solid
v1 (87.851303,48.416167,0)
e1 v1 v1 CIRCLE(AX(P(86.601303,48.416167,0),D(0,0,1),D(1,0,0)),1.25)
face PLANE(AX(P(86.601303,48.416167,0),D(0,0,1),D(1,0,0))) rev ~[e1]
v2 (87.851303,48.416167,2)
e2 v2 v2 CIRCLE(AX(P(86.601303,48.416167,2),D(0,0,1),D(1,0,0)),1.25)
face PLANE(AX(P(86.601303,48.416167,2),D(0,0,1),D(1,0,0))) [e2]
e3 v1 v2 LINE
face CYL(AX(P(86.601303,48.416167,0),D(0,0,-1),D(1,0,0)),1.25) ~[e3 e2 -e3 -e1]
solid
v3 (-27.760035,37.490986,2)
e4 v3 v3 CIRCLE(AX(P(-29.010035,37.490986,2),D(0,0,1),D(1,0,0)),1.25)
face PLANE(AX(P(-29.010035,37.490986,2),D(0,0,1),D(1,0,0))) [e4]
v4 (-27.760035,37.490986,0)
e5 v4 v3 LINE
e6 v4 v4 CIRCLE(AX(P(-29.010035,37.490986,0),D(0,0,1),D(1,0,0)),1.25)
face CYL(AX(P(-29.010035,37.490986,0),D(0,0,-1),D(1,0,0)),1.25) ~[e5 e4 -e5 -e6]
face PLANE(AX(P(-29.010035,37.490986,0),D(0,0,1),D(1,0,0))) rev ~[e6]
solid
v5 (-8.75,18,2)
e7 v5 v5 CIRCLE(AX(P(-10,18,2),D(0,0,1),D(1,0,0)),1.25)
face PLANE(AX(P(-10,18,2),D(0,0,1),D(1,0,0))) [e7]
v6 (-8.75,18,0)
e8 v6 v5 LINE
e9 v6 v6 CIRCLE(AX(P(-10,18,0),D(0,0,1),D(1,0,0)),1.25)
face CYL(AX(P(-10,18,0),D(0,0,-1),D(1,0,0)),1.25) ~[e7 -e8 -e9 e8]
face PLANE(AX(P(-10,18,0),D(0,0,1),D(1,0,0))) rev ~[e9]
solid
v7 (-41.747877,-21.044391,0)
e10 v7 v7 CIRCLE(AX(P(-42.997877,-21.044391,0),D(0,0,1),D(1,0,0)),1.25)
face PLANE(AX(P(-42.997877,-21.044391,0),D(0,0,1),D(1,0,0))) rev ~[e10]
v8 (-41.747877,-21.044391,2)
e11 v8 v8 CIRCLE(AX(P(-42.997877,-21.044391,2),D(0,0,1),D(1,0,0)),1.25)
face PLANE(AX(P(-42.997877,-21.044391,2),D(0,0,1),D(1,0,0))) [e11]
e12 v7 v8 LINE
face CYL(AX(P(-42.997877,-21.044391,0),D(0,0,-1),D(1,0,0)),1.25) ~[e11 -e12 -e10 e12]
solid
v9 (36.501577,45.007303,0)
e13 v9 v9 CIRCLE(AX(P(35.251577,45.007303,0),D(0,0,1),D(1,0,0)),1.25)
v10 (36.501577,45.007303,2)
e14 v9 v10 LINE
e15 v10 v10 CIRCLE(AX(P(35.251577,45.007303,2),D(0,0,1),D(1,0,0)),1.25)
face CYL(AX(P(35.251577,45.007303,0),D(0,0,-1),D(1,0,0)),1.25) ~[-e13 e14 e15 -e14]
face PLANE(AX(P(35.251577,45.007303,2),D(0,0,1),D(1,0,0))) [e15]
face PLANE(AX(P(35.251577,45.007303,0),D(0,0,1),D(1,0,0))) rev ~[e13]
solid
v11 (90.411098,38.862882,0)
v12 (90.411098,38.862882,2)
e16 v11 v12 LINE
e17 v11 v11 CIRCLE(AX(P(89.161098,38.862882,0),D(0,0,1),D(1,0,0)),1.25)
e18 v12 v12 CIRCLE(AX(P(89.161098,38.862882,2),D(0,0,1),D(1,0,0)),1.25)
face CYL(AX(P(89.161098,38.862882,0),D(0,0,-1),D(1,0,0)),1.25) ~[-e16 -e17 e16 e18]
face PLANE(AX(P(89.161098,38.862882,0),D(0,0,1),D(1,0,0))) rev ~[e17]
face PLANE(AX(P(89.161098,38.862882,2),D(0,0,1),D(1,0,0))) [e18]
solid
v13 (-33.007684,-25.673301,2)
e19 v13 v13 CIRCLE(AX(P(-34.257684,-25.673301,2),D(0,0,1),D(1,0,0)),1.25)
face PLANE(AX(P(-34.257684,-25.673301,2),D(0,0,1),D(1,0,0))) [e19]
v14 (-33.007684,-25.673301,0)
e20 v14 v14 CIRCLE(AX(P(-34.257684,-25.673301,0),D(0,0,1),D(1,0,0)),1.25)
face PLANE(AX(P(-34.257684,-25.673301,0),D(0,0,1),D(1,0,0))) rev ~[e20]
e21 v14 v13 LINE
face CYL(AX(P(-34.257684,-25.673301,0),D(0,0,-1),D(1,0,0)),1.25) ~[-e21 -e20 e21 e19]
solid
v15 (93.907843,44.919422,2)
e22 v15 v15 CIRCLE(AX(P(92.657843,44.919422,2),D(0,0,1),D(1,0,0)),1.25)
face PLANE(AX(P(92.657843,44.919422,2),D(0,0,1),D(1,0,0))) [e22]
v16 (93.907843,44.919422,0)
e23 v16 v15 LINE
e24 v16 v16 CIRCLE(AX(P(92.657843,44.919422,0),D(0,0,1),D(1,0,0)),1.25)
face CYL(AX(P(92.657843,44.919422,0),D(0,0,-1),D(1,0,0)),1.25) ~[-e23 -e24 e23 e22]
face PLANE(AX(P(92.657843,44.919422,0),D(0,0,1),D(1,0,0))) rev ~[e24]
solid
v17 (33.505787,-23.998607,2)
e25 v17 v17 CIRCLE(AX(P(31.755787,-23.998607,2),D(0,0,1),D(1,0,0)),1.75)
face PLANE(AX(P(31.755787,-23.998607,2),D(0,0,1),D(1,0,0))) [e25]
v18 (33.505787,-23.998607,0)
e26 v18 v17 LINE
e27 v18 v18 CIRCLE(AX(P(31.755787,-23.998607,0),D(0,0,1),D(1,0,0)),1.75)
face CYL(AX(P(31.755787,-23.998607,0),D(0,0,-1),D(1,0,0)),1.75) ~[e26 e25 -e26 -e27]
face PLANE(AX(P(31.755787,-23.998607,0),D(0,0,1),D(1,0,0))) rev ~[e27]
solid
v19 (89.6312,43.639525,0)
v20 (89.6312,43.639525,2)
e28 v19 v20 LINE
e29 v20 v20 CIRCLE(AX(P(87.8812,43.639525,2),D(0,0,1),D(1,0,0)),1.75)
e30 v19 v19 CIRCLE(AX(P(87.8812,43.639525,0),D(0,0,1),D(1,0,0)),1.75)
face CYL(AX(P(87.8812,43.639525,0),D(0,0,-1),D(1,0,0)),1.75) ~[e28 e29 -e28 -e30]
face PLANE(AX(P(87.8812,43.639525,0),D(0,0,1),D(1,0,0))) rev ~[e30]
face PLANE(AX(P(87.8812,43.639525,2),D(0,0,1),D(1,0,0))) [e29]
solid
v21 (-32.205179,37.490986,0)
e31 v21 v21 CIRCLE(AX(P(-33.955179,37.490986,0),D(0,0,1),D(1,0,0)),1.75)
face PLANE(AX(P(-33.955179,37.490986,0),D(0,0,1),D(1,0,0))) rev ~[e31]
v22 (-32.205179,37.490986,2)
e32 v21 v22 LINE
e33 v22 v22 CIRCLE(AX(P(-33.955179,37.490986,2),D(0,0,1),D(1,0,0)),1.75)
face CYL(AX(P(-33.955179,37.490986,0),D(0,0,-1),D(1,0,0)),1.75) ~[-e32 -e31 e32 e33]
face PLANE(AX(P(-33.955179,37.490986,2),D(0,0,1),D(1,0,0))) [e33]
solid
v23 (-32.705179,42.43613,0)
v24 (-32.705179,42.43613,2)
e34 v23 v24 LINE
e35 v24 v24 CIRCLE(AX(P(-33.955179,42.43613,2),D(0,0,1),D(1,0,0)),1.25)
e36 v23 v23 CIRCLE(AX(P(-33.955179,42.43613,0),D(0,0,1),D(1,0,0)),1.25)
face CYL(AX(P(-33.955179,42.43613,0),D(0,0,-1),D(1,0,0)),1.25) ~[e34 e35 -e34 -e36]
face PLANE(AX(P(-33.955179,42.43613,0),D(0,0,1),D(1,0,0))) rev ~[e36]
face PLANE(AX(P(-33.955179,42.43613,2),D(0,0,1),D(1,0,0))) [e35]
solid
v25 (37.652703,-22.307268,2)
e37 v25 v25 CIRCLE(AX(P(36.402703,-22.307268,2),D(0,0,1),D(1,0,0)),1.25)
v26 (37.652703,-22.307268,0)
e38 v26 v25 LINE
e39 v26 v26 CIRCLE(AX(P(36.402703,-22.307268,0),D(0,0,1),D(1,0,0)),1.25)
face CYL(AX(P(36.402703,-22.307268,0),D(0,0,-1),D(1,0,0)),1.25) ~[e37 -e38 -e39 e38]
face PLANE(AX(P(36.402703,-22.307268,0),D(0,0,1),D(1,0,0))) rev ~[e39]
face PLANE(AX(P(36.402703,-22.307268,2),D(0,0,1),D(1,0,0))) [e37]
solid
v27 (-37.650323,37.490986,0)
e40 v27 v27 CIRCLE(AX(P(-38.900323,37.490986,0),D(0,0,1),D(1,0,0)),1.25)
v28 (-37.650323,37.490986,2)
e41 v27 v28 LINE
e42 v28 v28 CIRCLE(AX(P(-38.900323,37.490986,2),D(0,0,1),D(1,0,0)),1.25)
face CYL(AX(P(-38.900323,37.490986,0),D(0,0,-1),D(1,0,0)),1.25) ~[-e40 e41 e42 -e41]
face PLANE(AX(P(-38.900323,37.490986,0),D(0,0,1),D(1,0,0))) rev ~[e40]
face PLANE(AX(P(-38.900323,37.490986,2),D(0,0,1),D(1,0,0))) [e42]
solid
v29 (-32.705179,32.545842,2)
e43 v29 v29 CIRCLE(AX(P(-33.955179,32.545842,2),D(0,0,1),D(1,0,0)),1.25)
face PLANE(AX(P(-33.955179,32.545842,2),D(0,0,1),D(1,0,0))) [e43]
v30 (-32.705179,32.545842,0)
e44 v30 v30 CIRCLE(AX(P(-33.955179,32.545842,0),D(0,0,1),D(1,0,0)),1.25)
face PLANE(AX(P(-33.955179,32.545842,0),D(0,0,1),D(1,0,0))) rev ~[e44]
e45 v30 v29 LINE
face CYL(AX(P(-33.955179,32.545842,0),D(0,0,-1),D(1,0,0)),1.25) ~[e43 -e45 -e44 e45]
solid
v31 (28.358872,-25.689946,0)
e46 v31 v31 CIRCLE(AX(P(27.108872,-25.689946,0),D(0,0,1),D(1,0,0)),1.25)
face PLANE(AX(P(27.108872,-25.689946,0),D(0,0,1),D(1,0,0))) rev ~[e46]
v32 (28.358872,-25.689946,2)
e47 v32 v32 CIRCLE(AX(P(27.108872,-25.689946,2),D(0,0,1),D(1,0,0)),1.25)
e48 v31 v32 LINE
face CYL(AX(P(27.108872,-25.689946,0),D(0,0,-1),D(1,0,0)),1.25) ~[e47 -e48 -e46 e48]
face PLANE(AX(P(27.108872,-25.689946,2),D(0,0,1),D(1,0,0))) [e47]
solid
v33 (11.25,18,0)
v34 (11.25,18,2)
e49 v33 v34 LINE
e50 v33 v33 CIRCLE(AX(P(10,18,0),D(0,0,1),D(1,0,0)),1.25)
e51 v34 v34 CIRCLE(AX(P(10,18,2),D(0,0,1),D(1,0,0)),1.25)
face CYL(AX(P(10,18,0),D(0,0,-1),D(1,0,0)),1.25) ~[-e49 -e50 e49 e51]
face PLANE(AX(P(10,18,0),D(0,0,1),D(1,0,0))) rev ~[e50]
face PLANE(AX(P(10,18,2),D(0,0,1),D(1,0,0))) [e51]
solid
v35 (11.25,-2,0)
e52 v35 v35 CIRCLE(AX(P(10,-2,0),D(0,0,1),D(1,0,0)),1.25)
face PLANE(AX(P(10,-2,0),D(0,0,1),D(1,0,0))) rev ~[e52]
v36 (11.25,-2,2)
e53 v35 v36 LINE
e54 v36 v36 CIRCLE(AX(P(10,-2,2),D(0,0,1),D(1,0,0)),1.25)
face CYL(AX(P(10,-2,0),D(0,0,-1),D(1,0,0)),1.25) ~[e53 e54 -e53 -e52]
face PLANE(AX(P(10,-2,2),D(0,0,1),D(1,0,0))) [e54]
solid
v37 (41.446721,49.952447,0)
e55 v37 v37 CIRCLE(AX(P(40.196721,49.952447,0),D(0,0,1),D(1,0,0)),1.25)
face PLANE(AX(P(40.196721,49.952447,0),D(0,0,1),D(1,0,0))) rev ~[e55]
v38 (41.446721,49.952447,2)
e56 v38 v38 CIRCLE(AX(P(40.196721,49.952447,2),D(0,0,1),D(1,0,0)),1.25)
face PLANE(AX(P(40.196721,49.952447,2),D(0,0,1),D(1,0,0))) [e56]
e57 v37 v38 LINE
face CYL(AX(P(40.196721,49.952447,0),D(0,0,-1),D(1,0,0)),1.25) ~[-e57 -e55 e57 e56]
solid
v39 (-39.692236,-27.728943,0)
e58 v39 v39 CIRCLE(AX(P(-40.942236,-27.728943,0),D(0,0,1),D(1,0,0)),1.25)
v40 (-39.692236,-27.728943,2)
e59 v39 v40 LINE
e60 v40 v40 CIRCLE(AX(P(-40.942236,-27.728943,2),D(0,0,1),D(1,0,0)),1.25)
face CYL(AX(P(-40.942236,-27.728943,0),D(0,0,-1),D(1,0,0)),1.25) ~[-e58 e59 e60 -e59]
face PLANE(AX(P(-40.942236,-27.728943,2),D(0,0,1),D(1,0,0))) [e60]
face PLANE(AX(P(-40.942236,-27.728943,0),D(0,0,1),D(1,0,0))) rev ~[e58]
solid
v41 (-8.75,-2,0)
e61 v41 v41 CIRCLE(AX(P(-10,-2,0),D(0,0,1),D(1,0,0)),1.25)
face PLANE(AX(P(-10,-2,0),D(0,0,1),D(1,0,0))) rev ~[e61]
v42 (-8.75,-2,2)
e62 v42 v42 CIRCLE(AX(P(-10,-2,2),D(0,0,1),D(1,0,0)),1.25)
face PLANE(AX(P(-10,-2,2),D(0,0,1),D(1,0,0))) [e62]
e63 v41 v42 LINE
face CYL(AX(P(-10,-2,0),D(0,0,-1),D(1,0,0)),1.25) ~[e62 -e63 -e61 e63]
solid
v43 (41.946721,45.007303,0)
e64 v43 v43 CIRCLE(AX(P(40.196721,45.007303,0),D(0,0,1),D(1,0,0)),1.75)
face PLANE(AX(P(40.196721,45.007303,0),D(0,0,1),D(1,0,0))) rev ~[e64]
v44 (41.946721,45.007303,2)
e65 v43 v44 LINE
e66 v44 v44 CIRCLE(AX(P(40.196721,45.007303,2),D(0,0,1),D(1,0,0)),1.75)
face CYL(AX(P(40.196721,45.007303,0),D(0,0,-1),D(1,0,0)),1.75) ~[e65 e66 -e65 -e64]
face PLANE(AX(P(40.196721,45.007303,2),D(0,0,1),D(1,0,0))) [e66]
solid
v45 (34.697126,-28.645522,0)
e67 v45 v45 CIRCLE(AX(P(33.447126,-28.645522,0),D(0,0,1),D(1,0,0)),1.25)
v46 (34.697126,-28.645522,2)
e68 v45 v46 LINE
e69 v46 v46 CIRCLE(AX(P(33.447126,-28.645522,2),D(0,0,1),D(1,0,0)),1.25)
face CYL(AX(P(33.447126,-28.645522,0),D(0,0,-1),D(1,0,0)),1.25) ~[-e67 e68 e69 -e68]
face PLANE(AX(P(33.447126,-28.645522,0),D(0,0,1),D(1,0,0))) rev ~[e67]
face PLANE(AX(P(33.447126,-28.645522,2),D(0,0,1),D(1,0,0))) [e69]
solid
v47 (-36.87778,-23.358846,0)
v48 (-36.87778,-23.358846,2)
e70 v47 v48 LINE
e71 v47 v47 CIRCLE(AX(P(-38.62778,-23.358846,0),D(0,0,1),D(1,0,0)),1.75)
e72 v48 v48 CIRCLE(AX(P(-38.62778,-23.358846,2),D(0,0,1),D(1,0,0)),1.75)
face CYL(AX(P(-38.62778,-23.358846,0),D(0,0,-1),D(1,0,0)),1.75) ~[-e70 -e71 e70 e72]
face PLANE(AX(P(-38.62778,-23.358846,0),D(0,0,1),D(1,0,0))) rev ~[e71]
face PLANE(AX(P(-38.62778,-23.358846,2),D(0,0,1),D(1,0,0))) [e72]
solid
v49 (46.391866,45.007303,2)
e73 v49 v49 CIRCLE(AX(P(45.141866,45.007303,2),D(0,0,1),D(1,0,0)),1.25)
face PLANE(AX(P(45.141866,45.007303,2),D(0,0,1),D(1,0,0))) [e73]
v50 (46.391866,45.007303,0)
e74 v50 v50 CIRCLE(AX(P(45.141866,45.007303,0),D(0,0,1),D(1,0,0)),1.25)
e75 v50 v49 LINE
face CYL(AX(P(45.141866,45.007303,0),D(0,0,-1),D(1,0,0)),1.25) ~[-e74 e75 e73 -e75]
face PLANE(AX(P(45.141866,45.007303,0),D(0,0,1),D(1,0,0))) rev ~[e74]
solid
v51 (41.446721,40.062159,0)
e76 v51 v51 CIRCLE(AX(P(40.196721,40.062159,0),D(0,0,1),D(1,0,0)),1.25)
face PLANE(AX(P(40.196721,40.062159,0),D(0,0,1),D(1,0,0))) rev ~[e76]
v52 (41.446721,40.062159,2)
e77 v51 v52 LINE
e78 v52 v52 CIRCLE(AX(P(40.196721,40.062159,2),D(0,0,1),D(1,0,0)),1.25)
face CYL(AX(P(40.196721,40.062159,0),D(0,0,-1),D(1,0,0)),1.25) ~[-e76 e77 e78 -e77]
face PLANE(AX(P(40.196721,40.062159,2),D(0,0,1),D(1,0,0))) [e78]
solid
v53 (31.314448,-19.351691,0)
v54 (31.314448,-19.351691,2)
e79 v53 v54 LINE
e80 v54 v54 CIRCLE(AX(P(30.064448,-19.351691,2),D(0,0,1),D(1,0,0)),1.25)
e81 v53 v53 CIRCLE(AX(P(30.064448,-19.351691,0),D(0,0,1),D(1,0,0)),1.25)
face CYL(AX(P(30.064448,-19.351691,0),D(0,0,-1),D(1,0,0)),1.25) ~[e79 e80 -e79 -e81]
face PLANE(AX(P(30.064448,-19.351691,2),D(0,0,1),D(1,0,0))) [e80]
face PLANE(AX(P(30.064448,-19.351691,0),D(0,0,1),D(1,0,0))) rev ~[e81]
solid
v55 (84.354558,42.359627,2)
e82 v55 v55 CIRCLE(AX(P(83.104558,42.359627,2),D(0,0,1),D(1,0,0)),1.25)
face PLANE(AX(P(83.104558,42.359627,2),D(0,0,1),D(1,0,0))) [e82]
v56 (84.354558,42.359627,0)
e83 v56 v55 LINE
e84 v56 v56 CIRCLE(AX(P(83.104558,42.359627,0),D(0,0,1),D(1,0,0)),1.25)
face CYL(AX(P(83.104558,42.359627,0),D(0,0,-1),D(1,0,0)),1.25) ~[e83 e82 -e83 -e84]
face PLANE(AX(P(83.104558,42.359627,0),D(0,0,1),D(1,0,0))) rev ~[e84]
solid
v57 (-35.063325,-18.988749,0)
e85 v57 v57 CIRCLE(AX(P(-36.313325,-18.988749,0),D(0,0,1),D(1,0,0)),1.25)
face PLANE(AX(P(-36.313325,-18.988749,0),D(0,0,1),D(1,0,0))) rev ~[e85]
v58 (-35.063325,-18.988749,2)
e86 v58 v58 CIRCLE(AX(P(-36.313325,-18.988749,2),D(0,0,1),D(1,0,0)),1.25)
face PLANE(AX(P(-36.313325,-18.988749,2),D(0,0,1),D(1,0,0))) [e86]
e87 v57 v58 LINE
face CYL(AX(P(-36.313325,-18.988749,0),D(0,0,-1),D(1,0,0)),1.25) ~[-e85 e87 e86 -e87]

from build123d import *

# Parameters (mm, degrees)
F0_R     = 1.25
F0_R_2   = 1.75
F1_DEPTH = 2
F3_DEPTH = 2


with BuildPart() as f1:
    # F0 (on Top) → F1 (new body)
    with BuildSketch(Plane.XY):
        with Locations((-10, 18)):
            Circle(F0_R)
        with Locations((10, 18)):
            Circle(F0_R)
        with Locations((-10, -2)):
            Circle(F0_R)
        with Locations((10, -2)):
            Circle(F0_R)
        with Locations((-36.313325, -18.988749)):
            Circle(F0_R)
        with Locations((-34.257684, -25.673301)):
            Circle(F0_R)
        with Locations((-38.62778, -23.358846)):
            Circle(F0_R_2)
        with Locations((-42.997877, -21.044391)):
            Circle(F0_R)
        with Locations((-40.942236, -27.728943)):
            Circle(F0_R)
        with Locations((30.064448, -19.351691)):
            Circle(F0_R)
        with Locations((36.402703, -22.307268)):
            Circle(F0_R)
        with Locations((27.108872, -25.689946)):
            Circle(F0_R)
        with Locations((33.447126, -28.645522)):
            Circle(F0_R)
        with Locations((31.755787, -23.998607)):
            Circle(F0_R_2)
        with Locations((-29.010035, 37.490986)):
            Circle(F0_R)
        with Locations((-33.955179, 32.545842)):
            Circle(F0_R)
        with Locations((-33.955179, 37.490986)):
            Circle(F0_R_2)
        with Locations((-33.955179, 42.43613)):
            Circle(F0_R)
        with Locations((-38.900323, 37.490986)):
            Circle(F0_R)
        with Locations((89.161098, 38.862882)):
            Circle(F0_R)
        with Locations((83.104558, 42.359627)):
            Circle(F0_R)
        with Locations((87.8812, 43.639525)):
            Circle(F0_R_2)
        with Locations((92.657843, 44.919422)):
            Circle(F0_R)
        with Locations((86.601303, 48.416167)):
            Circle(F0_R)
        with Locations((40.196721, 49.952447)):
            Circle(F0_R)
        with Locations((40.196721, 45.007303)):
            Circle(F0_R_2)
        with Locations((35.251577, 45.007303)):
            Circle(F0_R)
        with Locations((40.196721, 40.062159)):
            Circle(F0_R)
        with Locations((45.141866, 45.007303)):
            Circle(F0_R)
    extrude(amount=F1_DEPTH)

    # F2 (on face) → F3 (cut)
    with BuildSketch(Plane.XY.offset(2)):
        with BuildLine():
            Line((-1.356226, -13.894977), (1.01106, -13.894977))
            ThreePointArc((1.01106, -13.894977), (2.425274, -13.309191), (3.01106, -11.894977))
            Line((3.01106, -11.894977), (3.01106, 16.380715))
            ThreePointArc((3.01106, 16.380715), (2.425274, 17.794928), (1.01106, 18.380715))
            Line((1.01106, 18.380715), (-1.356226, 18.380715))
            ThreePointArc((-1.356226, 18.380715), (-2.77044, 17.794928), (-3.356226, 16.380715))
            Line((-3.356226, 16.380715), (-3.356226, -11.894977))
            ThreePointArc((-3.356226, -11.894977), (-2.77044, -13.309191), (-1.356226, -13.894977))
        make_face()
    extrude(amount=-F3_DEPTH, mode=Mode.SUBTRACT)


solid = f1.part
